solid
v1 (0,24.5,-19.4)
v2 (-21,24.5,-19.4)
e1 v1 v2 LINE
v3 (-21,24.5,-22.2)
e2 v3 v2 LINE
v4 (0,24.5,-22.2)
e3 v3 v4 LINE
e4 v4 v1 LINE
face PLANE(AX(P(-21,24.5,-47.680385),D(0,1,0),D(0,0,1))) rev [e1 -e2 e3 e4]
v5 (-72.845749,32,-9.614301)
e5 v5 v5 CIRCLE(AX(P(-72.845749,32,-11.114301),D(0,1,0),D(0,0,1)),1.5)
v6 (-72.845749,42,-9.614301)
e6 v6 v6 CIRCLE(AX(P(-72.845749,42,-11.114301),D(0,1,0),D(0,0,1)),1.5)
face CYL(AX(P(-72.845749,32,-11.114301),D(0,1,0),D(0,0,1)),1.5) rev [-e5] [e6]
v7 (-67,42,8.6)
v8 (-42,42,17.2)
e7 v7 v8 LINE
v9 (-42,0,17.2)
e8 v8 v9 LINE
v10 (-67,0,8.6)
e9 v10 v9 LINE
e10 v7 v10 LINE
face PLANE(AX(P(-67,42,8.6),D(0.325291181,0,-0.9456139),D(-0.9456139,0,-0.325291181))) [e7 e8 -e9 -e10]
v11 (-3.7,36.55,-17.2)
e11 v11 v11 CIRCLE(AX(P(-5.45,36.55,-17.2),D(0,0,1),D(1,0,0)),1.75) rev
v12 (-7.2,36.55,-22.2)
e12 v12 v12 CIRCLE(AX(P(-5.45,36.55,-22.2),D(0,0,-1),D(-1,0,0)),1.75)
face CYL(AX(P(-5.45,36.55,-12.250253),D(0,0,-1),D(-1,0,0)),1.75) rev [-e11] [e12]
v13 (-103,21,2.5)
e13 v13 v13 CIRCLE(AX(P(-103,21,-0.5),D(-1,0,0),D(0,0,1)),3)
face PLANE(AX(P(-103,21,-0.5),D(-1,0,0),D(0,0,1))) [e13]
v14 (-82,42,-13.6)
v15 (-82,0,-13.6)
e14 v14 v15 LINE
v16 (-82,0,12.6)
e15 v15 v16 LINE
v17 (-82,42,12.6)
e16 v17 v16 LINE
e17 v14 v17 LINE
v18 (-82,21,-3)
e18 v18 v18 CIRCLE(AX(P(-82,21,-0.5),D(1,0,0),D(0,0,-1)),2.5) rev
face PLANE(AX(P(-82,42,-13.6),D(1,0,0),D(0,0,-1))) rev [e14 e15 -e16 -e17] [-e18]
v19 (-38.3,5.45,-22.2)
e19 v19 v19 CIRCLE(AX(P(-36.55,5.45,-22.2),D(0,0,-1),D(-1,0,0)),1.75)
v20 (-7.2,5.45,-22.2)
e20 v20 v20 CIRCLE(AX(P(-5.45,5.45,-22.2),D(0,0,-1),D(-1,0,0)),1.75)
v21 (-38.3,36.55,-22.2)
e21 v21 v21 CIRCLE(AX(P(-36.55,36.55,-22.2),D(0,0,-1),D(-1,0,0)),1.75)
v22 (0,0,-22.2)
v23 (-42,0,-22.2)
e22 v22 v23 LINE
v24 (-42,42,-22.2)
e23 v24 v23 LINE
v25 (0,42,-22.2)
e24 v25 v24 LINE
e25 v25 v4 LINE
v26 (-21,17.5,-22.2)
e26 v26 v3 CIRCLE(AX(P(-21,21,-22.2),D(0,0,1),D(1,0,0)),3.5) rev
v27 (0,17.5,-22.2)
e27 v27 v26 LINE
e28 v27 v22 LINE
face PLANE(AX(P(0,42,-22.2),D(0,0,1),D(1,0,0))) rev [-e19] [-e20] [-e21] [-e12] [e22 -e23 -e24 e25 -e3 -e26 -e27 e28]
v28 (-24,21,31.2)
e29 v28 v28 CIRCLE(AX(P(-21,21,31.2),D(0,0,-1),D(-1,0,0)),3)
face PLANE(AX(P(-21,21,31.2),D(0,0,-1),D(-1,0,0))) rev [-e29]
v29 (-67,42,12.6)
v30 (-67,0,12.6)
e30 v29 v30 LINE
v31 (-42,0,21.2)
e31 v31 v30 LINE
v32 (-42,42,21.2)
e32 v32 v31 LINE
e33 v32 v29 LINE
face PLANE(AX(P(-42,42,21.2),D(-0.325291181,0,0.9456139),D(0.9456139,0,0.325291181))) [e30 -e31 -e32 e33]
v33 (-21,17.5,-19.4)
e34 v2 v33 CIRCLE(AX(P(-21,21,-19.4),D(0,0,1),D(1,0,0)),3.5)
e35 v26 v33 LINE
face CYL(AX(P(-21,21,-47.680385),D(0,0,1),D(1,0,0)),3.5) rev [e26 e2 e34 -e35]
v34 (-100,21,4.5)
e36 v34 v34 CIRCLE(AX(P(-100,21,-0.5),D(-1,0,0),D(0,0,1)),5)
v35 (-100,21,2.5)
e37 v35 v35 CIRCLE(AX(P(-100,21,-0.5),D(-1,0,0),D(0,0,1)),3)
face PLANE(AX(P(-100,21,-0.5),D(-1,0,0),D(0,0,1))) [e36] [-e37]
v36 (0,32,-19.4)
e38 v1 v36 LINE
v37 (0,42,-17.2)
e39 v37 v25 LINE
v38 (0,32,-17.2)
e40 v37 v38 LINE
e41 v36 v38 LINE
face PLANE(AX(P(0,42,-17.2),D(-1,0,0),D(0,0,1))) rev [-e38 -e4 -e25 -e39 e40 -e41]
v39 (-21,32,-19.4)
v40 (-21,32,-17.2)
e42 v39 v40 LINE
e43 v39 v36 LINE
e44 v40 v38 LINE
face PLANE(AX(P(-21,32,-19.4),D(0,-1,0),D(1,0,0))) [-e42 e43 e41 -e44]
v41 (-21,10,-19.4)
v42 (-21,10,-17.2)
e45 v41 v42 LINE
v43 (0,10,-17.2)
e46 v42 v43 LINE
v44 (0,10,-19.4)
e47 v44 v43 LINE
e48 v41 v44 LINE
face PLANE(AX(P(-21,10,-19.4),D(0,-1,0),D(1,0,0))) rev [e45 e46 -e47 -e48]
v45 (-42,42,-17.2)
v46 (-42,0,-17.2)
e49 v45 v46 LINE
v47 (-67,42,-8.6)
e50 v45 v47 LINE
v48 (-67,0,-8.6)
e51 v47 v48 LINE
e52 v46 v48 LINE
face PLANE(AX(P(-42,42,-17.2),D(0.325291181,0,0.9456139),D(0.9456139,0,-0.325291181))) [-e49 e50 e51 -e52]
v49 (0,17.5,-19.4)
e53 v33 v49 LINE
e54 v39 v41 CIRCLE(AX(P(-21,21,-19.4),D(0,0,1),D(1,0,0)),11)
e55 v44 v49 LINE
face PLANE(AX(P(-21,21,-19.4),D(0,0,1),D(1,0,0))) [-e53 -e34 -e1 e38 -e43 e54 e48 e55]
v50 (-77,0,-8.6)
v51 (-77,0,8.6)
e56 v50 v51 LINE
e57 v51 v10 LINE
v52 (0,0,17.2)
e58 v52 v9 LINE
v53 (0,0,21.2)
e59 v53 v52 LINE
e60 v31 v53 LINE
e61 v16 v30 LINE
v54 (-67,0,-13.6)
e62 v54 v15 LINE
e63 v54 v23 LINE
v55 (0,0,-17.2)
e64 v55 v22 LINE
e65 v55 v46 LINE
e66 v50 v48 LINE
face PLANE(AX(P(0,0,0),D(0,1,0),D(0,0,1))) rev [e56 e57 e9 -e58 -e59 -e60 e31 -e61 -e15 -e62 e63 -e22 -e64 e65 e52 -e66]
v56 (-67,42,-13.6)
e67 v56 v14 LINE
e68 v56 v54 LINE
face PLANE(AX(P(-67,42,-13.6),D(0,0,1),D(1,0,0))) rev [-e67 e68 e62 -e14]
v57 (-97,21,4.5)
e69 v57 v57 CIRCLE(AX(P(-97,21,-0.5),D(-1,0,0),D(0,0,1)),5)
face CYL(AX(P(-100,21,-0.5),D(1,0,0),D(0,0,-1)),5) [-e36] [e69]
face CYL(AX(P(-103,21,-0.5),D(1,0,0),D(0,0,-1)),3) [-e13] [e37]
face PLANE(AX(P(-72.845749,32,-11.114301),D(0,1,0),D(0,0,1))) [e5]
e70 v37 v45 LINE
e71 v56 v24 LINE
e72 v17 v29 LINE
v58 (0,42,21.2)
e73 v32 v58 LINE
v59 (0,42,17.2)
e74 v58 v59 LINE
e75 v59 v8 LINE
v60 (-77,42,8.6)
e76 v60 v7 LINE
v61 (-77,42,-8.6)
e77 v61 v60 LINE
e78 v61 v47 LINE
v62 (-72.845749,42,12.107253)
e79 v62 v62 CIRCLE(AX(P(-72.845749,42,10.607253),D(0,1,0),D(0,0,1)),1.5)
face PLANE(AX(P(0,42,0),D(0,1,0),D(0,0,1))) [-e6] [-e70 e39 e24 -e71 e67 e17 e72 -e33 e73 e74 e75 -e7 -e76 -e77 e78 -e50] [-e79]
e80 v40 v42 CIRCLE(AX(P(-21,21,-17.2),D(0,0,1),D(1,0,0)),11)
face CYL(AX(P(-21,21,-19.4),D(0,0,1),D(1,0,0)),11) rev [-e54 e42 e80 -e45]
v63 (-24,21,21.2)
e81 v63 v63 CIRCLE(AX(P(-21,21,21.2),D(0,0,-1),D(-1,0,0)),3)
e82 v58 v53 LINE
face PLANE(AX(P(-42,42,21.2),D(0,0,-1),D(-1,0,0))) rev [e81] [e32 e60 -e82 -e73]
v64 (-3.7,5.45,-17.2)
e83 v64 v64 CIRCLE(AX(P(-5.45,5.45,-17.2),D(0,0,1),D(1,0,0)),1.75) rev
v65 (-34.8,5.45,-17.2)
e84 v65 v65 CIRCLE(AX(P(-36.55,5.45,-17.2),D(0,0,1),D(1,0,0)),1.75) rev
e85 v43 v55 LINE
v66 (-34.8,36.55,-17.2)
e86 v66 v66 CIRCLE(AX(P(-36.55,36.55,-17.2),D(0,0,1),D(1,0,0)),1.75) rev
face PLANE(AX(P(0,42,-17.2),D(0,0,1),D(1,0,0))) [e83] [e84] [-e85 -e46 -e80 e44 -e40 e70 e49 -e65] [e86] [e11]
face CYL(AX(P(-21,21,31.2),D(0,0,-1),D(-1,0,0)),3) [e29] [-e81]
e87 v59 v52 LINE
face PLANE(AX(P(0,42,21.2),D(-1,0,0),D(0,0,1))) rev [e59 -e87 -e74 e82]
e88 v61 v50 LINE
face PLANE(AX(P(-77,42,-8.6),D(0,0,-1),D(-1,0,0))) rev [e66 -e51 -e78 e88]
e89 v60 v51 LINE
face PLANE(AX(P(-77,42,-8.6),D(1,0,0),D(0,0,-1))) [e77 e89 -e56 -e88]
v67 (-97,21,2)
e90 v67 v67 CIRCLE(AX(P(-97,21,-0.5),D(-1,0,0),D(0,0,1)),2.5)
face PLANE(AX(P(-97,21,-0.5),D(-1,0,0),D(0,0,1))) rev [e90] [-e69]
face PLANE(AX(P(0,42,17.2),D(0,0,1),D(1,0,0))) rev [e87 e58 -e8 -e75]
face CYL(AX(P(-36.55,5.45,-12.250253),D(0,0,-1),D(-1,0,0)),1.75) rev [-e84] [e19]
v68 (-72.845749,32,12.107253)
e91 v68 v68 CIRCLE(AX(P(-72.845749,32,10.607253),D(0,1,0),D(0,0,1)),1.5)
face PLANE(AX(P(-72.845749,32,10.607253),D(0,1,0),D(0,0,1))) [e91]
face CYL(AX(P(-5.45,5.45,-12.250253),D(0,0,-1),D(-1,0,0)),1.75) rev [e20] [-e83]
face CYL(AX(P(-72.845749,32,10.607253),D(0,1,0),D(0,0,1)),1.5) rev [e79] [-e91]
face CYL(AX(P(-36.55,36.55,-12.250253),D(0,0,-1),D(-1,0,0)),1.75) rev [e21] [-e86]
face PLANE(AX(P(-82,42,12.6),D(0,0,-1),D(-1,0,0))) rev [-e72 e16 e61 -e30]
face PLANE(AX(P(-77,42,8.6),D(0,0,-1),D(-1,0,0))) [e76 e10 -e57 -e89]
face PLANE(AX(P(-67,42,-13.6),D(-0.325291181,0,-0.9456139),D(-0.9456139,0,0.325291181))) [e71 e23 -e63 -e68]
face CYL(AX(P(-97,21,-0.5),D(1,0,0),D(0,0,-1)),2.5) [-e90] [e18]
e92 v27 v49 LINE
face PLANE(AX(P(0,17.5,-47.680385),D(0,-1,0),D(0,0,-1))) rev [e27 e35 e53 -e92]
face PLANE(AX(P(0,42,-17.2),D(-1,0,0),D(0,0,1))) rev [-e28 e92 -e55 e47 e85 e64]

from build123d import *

# Parameters (mm, degrees)
BOSS_EXTRUDE1_DEPTH = 42
CUT_EXTRUDE2_DEPTH  = 2.2
CUT_EXTRUDE3_DEPTH  = 5
SKETCH7_R           = 1.75
CUT_EXTRUDE5_DEPTH  = 5
SKETCH8_R           = 2.5
BOSS_EXTRUDE2_DEPTH = 15
SKETCH9_R           = 3
BOSS_EXTRUDE3_DEPTH = 14
SKETCH10_R          = 1.5
CUT_EXTRUDE6_DEPTH  = 10
SKETCH11_R          = 5
BOSS_EXTRUDE4_DEPTH = 3
SKETCH12_R          = 3
BOSS_EXTRUDE5_DEPTH = 3


with BuildPart() as part:
    # Sketch1 → Boss-Extrude1 (new body)
    with BuildSketch(Plane(origin=(0, 0, 0), x_dir=(1, 0, 0), z_dir=(0, 1, 0))):
        Polygon((0, 17.2), (-42, 17.2), (-67, 8.6), (-77, 8.6), (-77, -8.6), (-67, -8.6), (-42, -17.2), (0, -17.2), (0, -21.2), (-42, -21.2), (-67, -12.6), (-82, -12.6), (-82, 13.6), (-67, 13.6), (-42, 22.2), (0, 22.2), align=None)
    extrude(amount=BOSS_EXTRUDE1_DEPTH)

    # Sketch3 → Cut-Extrude2 (cut)
    with BuildSketch(Plane.XY.offset(-17.2)):
        with BuildLine():
            Line((-21, 32), (0, 32))
            Line((0, 32), (0, 10))
            Line((0, 10), (-21, 10))
            ThreePointArc((-21, 10), (-32, 21), (-21, 32))
        make_face()
    extrude(amount=-CUT_EXTRUDE2_DEPTH, mode=Mode.SUBTRACT)

    # Sketch4 → Cut-Extrude3 (cut)
    with BuildSketch(Plane.XY.offset(-17.2)):
        with BuildLine():
            Line((-21, 24.5), (0, 24.5))
            Line((0, 24.5), (0, 17.5))
            Line((0, 17.5), (-21, 17.5))
            ThreePointArc((-21, 17.5), (-24.5, 21), (-21, 24.5))
        make_face()
    extrude(amount=-CUT_EXTRUDE3_DEPTH, mode=Mode.SUBTRACT)

    # Sketch7 → Cut-Extrude5 (cut)
    with BuildSketch(Plane(origin=(0, 0, -22.2), x_dir=(-1, 0, 0), z_dir=(0, 0, -1))):
        with Locations((5.45, 36.55)):
            Circle(SKETCH7_R)
        with Locations((36.55, 36.55)):
            Circle(SKETCH7_R)
        with Locations((5.45, 5.45)):
            Circle(SKETCH7_R)
        with Locations((36.55, 5.45)):
            Circle(SKETCH7_R)
    extrude(amount=-CUT_EXTRUDE5_DEPTH, mode=Mode.SUBTRACT)

    # Sketch8 → Boss-Extrude2 (add)
    with BuildSketch(Plane.ZY.offset(82)):
        with Locations((-0.5, 21)):
            Circle(SKETCH8_R)
    extrude(amount=BOSS_EXTRUDE2_DEPTH)

    # Sketch9 → Boss-Extrude3 (add)
    with BuildSketch(Plane(origin=(0, 0, 17.2), x_dir=(-1, 0, 0), z_dir=(0, 0, -1))):
        with Locations((21, 21)):
            Circle(SKETCH9_R)
    extrude(amount=-BOSS_EXTRUDE3_DEPTH)

    # Sketch10 → Cut-Extrude6 (cut)
    with BuildSketch(Plane(origin=(0, 42, 0), x_dir=(1, 0, 0), z_dir=(0, 1, 0))):
        with Locations((-72.845749412, 11.114300727)):
            Circle(SKETCH10_R)
        with Locations((-72.845749412, -10.607252687)):
            Circle(SKETCH10_R)
    extrude(amount=-CUT_EXTRUDE6_DEPTH, mode=Mode.SUBTRACT)

    # Sketch11 → Boss-Extrude4 (add)
    with BuildSketch(Plane.ZY.offset(97)):
        with Locations((-0.5, 21)):
            Circle(SKETCH11_R)
    extrude(amount=BOSS_EXTRUDE4_DEPTH)

    # Sketch12 → Boss-Extrude5 (add)
    with BuildSketch(Plane.ZY.offset(100)):
        with Locations((-0.5, 21)):
            Circle(SKETCH12_R)
    extrude(amount=BOSS_EXTRUDE5_DEPTH)


solid = part.part
